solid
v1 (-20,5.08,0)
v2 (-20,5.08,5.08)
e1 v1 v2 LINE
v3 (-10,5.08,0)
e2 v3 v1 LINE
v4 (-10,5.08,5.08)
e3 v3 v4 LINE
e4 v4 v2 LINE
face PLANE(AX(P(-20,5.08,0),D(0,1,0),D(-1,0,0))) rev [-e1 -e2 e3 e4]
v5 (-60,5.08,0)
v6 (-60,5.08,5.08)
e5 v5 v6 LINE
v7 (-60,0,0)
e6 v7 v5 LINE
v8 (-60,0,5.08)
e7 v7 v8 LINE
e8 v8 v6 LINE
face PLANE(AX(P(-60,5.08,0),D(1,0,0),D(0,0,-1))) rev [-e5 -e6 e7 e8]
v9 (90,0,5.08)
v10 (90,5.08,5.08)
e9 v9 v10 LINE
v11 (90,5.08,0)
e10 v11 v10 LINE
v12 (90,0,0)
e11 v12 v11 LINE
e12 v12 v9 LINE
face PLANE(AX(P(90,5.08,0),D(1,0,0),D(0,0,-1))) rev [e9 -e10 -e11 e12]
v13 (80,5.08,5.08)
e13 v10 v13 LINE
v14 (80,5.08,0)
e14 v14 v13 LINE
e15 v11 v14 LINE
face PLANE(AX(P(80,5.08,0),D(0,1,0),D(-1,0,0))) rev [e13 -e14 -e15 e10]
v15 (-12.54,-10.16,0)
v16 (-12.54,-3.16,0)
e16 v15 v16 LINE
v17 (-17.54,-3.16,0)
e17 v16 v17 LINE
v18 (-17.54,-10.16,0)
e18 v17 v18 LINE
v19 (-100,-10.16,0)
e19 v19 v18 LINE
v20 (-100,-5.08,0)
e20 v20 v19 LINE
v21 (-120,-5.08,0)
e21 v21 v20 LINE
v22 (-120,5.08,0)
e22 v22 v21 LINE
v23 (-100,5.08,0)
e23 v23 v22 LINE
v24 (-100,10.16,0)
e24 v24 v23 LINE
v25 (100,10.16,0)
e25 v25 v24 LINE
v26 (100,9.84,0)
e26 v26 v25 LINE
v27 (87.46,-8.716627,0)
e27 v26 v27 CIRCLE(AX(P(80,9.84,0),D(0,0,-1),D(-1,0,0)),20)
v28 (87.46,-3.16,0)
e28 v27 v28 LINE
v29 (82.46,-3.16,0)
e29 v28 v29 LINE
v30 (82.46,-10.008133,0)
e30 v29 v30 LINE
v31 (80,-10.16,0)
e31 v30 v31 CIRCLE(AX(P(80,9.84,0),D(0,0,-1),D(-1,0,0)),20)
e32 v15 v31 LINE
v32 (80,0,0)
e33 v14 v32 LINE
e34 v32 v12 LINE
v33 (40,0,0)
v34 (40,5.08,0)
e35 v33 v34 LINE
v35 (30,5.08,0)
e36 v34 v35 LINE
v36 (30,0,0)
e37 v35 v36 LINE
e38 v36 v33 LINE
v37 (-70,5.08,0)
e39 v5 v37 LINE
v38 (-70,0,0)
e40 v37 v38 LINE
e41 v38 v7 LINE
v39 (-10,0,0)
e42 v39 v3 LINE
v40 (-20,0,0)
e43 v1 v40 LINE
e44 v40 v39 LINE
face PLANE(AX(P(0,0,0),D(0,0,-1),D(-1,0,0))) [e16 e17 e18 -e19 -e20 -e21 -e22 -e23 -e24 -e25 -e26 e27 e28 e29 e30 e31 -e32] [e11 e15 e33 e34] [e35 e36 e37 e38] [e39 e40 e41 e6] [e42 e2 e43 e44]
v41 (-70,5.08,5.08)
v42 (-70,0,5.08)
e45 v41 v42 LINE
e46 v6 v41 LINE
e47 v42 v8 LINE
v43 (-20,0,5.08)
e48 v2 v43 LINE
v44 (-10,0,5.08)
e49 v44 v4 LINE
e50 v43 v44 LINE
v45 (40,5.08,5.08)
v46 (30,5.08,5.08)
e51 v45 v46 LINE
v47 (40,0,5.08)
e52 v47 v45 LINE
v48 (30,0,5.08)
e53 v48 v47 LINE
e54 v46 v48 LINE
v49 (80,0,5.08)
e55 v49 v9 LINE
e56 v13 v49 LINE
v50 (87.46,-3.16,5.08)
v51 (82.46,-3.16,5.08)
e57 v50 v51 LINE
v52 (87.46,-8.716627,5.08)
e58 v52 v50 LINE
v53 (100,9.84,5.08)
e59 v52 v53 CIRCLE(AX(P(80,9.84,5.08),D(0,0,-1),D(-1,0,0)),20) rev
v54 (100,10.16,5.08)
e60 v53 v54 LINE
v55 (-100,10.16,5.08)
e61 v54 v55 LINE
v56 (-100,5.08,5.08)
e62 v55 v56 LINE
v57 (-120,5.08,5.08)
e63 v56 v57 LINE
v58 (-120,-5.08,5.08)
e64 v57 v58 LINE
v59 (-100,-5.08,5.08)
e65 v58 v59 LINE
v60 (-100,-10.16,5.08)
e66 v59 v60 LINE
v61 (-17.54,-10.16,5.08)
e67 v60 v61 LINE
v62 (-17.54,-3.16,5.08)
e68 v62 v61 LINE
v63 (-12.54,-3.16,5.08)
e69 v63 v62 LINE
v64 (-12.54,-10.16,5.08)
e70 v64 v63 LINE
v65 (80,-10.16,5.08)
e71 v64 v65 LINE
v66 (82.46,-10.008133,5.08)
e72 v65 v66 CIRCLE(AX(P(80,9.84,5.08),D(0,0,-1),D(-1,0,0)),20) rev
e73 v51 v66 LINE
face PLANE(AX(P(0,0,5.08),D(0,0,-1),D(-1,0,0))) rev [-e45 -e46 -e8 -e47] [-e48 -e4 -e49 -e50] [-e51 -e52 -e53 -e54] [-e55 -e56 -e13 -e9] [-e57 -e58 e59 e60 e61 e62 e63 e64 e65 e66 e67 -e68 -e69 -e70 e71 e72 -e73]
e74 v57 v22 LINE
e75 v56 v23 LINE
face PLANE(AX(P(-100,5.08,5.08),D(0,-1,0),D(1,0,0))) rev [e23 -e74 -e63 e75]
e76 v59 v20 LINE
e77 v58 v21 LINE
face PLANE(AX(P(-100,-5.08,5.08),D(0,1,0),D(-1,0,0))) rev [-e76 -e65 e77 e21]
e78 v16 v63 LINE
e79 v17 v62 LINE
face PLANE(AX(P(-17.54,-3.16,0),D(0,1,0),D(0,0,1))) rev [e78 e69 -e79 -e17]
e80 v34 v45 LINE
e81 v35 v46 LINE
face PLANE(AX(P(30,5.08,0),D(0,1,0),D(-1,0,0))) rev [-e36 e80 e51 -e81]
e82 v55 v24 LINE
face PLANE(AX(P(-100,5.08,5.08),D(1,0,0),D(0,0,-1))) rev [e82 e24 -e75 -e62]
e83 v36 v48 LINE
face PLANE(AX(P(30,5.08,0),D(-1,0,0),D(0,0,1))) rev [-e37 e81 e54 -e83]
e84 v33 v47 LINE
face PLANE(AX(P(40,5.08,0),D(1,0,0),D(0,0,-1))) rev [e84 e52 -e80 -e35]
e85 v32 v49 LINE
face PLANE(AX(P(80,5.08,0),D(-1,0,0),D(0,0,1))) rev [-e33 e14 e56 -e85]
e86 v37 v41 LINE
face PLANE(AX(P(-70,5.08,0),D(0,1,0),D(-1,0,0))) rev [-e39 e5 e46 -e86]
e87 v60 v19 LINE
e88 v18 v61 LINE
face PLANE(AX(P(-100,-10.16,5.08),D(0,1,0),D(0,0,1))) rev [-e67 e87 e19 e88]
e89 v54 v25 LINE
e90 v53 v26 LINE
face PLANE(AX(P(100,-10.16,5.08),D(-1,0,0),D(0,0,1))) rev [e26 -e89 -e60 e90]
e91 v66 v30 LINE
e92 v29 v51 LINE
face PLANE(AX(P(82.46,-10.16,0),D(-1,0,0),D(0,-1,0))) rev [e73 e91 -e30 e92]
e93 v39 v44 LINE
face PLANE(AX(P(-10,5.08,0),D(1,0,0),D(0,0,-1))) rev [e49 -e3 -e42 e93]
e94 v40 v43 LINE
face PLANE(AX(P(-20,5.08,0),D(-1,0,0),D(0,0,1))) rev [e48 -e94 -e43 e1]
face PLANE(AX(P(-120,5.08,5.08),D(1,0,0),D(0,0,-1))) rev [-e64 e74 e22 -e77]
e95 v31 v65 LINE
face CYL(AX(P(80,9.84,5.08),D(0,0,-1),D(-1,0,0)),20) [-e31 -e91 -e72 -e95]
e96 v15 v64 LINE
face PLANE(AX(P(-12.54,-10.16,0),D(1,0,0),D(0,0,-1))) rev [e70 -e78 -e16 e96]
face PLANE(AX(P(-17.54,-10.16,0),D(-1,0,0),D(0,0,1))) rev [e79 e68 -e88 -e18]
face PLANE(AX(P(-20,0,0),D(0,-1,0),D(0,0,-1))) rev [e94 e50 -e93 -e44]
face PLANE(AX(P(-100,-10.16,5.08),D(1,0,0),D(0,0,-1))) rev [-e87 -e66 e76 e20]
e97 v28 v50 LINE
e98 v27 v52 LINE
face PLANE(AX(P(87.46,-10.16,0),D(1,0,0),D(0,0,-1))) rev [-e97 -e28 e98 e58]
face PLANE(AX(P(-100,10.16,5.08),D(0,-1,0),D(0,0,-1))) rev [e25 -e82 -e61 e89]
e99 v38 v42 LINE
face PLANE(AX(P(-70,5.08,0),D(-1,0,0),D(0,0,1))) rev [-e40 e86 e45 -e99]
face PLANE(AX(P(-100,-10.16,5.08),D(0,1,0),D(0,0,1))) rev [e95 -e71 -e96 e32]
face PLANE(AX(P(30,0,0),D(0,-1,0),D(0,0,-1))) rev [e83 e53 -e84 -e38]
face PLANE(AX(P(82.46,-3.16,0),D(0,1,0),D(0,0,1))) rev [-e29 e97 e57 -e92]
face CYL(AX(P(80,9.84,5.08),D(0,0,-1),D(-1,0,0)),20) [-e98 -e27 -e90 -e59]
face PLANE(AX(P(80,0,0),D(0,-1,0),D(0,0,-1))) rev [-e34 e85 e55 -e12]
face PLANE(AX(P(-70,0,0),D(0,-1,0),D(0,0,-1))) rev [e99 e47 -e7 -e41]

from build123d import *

# Parameters (mm, degrees)
BOSS_EXTRUDE1_DEPTH = 5.08
FILLET1_R           = 20
SKETCH2_W           = 5
SKETCH2_H           = 7
SKETCH2_W_2         = 10
SKETCH2_H_2         = 5.08
CUT_EXTRUDE1_DEPTH  = 6.08


with BuildPart() as part:
    # Sketch1 → Boss-Extrude1 (new body)
    with BuildSketch(Plane.XY):
        Polygon((-100, 5.08), (-100, 10.16), (100, 10.16), (100, -10.16), (-100, -10.16), (-100, -5.08), (-120, -5.08), (-120, 5.08), align=None)
    extrude(amount=BOSS_EXTRUDE1_DEPTH)

    # Fillet1
    fillet1_edges = [part.edges().sort_by_distance(p)[0] for p in [
        (100, -10.16, 2.54),
    ]]
    fillet(fillet1_edges, radius=FILLET1_R)

    # Sketch2 → Cut-Extrude1 (cut, through all)
    with BuildSketch(Plane.XY.offset(5.08)):
        with Locations((-15.04, -6.66)):
            Rectangle(SKETCH2_W, SKETCH2_H)
        with Locations((84.96, -6.66)):
            Rectangle(SKETCH2_W, SKETCH2_H)
        with Locations((-65, 2.54)):
            Rectangle(SKETCH2_W_2, SKETCH2_H_2)
        with Locations((-15, 2.54)):
            Rectangle(SKETCH2_W_2, SKETCH2_H_2)
        with Locations((35, 2.54)):
            Rectangle(SKETCH2_W_2, SKETCH2_H_2)
        with Locations((85, 2.54)):
            Rectangle(SKETCH2_W_2, SKETCH2_H_2)
    extrude(amount=-CUT_EXTRUDE1_DEPTH, mode=Mode.SUBTRACT)


solid = part.part
